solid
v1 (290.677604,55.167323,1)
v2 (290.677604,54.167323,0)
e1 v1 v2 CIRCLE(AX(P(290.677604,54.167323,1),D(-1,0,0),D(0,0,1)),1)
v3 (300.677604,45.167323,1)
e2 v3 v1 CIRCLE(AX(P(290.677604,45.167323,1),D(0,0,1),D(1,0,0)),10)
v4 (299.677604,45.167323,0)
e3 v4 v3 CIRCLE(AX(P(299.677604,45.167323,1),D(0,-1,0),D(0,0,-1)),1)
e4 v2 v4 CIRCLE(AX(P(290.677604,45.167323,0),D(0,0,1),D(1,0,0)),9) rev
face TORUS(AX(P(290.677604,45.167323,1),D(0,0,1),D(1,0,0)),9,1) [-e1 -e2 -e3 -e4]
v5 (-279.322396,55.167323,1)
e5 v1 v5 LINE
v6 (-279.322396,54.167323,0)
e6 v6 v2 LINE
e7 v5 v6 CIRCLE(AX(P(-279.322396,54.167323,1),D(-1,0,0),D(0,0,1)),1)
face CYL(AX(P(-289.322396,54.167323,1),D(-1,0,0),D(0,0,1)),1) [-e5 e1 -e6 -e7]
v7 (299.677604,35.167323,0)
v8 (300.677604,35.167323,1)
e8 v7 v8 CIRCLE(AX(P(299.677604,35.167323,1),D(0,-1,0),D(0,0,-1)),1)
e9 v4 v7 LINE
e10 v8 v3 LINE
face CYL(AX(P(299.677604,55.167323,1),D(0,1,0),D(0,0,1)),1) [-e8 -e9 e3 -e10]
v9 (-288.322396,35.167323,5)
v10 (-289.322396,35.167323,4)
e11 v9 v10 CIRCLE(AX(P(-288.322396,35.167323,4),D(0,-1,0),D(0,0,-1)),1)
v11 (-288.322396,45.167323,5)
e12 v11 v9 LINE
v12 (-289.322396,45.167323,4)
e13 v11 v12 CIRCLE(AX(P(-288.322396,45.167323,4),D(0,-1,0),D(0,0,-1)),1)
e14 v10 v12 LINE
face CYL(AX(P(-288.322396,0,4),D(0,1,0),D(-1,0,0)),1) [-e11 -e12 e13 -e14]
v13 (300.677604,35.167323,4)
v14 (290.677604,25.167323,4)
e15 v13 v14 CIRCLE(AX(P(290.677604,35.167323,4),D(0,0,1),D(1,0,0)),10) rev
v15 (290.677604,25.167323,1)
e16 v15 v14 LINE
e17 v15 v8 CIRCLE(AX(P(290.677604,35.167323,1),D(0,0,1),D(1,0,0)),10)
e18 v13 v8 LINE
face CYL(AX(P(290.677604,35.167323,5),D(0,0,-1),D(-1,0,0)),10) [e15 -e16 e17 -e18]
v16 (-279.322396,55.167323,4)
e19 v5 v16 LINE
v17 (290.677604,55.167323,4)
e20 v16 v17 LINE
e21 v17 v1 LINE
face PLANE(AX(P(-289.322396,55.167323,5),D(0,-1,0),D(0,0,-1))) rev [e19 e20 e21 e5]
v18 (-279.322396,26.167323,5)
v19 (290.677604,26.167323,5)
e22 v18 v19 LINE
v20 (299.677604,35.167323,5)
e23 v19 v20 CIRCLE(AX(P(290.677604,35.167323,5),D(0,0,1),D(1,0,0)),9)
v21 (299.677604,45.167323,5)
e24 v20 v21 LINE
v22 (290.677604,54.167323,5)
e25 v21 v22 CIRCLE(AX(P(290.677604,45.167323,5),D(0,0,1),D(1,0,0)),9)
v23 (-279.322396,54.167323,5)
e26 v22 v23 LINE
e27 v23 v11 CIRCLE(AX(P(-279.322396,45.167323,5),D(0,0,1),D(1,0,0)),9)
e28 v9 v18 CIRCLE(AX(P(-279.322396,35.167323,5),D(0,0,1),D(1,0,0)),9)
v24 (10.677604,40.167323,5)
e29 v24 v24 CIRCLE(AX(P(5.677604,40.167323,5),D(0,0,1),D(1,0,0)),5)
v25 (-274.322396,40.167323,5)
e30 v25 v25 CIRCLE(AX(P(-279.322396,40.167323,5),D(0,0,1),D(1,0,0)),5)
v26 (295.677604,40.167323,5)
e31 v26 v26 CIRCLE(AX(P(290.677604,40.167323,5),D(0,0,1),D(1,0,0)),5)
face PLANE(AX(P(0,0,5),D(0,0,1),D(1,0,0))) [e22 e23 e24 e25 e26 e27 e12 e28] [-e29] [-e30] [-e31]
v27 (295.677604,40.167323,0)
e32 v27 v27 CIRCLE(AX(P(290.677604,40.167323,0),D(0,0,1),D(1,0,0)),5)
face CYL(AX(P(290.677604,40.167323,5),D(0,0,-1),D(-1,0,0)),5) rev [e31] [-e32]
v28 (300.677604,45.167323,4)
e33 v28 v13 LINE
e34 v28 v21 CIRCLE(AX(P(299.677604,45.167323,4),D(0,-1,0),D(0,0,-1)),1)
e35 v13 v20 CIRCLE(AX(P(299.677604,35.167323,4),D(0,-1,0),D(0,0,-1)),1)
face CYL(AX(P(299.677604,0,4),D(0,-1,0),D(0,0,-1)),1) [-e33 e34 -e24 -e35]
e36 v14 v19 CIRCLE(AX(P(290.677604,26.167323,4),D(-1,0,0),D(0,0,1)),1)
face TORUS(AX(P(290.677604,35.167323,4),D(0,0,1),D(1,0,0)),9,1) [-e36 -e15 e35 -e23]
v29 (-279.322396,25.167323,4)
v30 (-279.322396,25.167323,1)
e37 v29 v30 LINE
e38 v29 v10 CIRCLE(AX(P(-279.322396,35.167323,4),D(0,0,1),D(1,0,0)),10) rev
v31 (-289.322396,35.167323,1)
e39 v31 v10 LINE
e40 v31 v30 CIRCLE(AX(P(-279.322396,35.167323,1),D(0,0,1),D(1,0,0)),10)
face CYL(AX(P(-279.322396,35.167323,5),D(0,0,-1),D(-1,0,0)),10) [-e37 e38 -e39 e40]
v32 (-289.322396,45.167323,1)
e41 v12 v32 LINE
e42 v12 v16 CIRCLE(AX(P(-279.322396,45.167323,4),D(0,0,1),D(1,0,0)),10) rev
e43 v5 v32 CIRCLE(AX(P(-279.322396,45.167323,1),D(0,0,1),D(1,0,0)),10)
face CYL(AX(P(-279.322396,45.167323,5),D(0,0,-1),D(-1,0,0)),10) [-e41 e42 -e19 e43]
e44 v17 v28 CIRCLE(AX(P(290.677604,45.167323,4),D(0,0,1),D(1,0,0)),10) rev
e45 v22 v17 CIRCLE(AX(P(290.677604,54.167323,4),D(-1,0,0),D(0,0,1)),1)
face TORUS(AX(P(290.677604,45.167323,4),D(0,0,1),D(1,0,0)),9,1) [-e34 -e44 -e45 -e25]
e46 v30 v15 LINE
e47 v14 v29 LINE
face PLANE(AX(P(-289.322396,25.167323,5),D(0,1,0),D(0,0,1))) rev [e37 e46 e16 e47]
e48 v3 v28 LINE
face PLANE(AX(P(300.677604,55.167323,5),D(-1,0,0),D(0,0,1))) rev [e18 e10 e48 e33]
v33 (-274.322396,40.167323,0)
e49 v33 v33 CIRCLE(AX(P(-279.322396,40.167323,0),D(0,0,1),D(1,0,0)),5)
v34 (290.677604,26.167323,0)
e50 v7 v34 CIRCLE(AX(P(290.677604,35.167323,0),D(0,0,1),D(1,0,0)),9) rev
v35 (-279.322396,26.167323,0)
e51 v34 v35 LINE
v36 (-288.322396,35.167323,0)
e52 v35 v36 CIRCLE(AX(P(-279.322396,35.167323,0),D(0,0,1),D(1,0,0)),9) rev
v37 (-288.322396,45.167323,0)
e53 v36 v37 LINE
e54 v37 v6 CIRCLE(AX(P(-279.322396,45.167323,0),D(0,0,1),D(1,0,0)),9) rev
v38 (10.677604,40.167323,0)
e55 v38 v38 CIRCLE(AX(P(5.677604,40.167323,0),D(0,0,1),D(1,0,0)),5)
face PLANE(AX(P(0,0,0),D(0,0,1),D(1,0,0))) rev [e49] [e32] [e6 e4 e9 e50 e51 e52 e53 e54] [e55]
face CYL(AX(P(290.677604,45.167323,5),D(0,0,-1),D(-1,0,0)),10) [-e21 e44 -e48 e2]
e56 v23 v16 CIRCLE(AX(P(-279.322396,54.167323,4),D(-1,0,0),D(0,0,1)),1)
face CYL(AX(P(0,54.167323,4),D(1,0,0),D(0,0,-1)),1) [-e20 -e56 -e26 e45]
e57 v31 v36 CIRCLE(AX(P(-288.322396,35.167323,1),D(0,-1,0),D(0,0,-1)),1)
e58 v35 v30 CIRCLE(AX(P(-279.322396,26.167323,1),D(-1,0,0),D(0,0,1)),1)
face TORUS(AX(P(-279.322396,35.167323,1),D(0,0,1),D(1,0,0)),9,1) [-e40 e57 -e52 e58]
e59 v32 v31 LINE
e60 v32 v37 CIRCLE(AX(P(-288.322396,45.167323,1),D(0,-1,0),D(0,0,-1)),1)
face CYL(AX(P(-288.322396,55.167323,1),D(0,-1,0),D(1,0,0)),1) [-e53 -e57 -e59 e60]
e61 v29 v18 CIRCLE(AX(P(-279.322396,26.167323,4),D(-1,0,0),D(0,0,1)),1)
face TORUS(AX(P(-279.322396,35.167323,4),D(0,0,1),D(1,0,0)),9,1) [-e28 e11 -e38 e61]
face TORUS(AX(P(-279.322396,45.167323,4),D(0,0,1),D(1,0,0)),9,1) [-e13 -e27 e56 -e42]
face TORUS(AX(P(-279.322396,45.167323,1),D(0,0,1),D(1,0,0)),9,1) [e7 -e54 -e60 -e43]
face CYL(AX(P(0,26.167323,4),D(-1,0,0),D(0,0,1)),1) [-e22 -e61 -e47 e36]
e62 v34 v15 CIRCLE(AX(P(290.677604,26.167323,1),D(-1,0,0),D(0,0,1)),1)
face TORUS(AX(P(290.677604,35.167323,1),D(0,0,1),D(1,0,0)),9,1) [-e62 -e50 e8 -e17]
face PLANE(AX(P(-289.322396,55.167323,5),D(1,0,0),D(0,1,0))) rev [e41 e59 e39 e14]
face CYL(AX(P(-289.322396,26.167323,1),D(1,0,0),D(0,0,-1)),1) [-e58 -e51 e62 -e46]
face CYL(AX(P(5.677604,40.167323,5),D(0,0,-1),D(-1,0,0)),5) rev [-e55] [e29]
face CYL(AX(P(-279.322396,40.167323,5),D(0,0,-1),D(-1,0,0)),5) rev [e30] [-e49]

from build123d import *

# Parameters (mm, degrees)
SKETCH_1_W      = 590
SKETCH_1_H      = 30
SKETCH_1_R      = 5
EXTRUDE_1_DEPTH = 5
FILLET_1_R      = 10
FILLET_2_R      = 1


with BuildPart() as part:
    # 스케치1 → 보스-돌출1 (new body)
    with BuildSketch(Plane.XY):
        with Locations((5.677604278, 40.167322835)):
            Rectangle(SKETCH_1_W, SKETCH_1_H)
        with Locations((-279.322395722, 40.167322835)):
            Circle(SKETCH_1_R, mode=Mode.SUBTRACT)
        with Locations((290.677604278, 40.167322835)):
            Circle(SKETCH_1_R, mode=Mode.SUBTRACT)
        with Locations((5.677604278, 40.167322835)):
            Circle(SKETCH_1_R, mode=Mode.SUBTRACT)
    extrude(amount=EXTRUDE_1_DEPTH)

    # 필렛1
    fillet_1_edges = [part.edges().sort_by_distance(p)[0] for p in [
        (-289.322395722, 55.167322835, 2.5),
        (300.677604278, 55.167322835, 2.5),
        (300.677604278, 25.167322835, 2.5),
        (-289.322395722, 25.167322835, 2.5),
    ]]
    fillet(fillet_1_edges, radius=FILLET_1_R)

    # 필렛2
    fillet_2_edges = [part.edges().sort_by_distance(p)[0] for p in [
        (300.677604278, 40.167322835, 0),
        (300.677604278, 40.167322835, 5),
        (-289.322395722, 40.167322835, 0),
        (5.677604278, 55.167322835, 0),
        (5.677604278, 25.167322835, 0),
        (-286.393463534, 52.238390647, 0),
        (-286.393463534, 28.096255023, 0),
        (297.748672089, 52.238390647, 0),
        (297.748672089, 28.096255023, 0),
        (5.677604278, 25.167322835, 5),
        (-289.322395722, 40.167322835, 5),
        (5.677604278, 55.167322835, 5),
        (-286.393463534, 52.238390647, 5),
        (-286.393463534, 28.096255023, 5),
        (297.748672089, 52.238390647, 5),
        (297.748672089, 28.096255023, 5),
    ]]
    fillet(fillet_2_edges, radius=FILLET_2_R)


solid = part.part
